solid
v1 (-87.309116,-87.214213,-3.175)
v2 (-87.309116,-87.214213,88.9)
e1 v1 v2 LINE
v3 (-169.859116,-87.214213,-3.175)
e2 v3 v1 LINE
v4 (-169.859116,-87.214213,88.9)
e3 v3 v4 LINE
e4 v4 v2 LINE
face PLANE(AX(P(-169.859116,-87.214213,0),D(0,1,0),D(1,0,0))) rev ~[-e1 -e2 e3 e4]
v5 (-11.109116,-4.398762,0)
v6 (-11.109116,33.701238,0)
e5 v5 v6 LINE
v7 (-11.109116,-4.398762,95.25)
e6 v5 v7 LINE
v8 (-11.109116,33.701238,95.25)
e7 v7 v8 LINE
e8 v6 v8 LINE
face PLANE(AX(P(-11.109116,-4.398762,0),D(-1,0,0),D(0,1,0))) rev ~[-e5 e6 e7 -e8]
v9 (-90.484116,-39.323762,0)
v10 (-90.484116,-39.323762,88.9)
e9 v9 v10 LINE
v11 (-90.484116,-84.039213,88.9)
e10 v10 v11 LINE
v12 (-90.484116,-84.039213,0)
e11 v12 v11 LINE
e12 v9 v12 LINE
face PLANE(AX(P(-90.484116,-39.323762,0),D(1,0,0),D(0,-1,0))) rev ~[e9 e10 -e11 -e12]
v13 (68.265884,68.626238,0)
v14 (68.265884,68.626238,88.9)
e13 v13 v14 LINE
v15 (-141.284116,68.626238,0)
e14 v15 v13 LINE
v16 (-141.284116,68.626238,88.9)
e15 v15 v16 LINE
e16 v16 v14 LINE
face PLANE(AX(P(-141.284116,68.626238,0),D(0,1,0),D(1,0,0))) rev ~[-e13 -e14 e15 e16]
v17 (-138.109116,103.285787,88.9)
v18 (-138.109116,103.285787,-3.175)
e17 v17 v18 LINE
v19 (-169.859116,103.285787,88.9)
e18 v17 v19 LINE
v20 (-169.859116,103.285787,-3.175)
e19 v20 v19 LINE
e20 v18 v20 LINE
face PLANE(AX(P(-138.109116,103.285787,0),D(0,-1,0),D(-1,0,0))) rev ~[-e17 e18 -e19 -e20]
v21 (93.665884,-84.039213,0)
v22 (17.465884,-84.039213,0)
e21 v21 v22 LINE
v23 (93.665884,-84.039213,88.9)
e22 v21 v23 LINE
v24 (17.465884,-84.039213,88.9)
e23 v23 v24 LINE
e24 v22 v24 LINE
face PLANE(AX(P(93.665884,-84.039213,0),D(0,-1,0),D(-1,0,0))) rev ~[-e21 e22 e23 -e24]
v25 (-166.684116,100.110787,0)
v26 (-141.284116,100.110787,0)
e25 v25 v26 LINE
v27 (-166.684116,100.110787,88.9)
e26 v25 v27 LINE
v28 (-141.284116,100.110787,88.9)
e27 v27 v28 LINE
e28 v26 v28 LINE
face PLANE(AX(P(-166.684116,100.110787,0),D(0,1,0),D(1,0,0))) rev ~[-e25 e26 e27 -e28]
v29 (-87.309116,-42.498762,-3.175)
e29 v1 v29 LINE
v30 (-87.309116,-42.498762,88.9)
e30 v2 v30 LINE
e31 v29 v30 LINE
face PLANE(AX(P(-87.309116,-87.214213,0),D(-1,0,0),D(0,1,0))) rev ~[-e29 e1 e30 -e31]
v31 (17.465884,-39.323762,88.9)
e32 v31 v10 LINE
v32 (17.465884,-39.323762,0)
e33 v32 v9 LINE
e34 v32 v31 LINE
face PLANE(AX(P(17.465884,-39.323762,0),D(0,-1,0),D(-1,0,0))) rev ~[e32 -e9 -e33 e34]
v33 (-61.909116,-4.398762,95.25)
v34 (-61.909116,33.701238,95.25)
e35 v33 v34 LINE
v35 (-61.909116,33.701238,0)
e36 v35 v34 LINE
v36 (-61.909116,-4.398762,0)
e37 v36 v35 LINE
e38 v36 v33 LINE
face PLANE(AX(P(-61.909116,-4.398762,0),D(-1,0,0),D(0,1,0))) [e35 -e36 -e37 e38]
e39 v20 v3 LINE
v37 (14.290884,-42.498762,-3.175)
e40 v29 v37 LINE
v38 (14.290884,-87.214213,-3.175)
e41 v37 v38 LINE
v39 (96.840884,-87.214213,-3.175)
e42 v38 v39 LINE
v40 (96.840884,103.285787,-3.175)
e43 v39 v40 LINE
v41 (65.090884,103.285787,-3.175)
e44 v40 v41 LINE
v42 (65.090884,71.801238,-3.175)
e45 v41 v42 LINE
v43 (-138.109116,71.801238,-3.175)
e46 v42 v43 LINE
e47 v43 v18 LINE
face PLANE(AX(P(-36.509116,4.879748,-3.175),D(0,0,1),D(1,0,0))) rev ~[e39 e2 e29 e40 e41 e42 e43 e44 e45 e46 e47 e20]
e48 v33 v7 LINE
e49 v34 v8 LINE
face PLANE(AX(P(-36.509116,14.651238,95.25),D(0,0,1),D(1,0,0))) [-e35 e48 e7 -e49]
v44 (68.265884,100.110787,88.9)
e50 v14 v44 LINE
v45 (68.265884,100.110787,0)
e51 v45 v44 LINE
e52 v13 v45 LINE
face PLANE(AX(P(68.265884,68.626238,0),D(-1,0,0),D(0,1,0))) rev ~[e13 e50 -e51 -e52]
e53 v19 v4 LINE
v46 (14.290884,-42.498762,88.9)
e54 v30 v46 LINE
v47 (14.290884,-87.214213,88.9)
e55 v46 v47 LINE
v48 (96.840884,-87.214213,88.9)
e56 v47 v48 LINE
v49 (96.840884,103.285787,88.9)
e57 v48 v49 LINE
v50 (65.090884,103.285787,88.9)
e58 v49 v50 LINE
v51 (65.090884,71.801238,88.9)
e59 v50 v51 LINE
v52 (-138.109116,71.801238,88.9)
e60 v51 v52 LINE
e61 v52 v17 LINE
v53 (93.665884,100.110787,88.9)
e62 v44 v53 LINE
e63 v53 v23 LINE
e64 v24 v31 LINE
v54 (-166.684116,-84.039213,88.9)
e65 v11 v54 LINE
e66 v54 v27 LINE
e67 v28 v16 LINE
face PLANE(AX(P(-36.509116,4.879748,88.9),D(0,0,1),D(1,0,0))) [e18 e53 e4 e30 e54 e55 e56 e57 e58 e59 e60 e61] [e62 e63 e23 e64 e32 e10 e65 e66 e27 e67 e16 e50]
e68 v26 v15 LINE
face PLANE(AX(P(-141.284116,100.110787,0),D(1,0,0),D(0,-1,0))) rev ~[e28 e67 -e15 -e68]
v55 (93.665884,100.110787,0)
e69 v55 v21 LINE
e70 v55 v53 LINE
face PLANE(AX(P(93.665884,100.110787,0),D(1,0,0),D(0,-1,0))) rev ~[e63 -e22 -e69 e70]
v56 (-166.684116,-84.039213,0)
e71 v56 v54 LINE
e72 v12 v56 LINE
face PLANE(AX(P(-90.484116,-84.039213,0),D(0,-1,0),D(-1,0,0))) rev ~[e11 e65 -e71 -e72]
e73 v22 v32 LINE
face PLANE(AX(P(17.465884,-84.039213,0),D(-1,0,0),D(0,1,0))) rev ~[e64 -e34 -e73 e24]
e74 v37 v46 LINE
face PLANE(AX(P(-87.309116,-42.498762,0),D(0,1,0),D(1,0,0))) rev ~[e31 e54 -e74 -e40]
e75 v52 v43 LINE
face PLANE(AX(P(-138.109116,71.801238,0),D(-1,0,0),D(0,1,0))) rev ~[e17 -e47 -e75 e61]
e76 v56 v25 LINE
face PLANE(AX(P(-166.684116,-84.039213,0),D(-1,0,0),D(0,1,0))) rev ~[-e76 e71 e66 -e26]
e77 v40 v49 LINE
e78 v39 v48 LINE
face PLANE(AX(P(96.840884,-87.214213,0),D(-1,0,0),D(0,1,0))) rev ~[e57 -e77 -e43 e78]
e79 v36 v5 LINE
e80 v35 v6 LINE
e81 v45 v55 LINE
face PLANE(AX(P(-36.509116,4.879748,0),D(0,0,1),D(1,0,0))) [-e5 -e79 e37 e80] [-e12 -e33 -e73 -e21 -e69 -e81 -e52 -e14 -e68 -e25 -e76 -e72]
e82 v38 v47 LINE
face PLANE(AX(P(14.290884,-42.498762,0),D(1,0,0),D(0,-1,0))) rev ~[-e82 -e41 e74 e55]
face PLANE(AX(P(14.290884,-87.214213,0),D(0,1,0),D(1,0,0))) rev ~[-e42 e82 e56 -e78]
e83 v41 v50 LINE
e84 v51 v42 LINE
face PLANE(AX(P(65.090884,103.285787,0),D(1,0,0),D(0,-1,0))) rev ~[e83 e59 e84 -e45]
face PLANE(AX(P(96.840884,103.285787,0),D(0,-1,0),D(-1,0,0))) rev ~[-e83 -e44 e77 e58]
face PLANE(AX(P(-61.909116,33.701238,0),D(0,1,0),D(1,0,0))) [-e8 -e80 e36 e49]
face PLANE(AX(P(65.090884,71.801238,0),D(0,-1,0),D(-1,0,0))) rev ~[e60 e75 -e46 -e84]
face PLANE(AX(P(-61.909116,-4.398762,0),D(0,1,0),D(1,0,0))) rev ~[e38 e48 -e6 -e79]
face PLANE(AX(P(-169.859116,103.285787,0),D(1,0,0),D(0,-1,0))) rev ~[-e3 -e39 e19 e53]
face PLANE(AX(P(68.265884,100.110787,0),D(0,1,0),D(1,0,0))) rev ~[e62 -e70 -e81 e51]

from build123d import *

# Parameters (mm, degrees)
F1_DEPTH = 3.175
F3_DEPTH = 88.9
F4_W     = 50.8
F4_H     = 38.1
F5_DEPTH = 95.25


with BuildPart() as f1:
    # F0 (on Top) → F1 (new body)
    with BuildSketch(Plane.XY):
        Polygon((-138.109116, 103.285787), (-169.859116, 103.285787), (-169.859116, -87.214213), (-87.309116, -87.214213), (-87.309116, -42.498762), (14.290884, -42.498762), (14.290884, -87.214213), (96.840884, -87.214213), (96.840884, 103.285787), (65.090884, 103.285787), (65.090884, 71.801238), (-138.109116, 71.801238), align=None)
    extrude(amount=-F1_DEPTH)

    # F2 (on face) → F3 (join)
    with BuildSketch(Plane.XY):
        Polygon((-138.109116, 103.285787), (-169.859116, 103.285787), (-169.859116, -87.214213), (-87.309116, -87.214213), (-87.309116, -42.498762), (14.290884, -42.498762), (14.290884, -87.214213), (96.840884, -87.214213), (96.840884, 103.285787), (65.090884, 103.285787), (65.090884, 71.801238), (-138.109116, 71.801238), align=None)
        Polygon((-166.684116, -84.039213), (-166.684116, 100.110787), (-141.284116, 100.110787), (-141.284116, 68.626238), (68.265884, 68.626238), (68.265884, 100.110787), (93.665884, 100.110787), (93.665884, -84.039213), (40.343958, -84.039213), (17.465884, -84.039213), (17.465884, -39.323762), (-90.484116, -39.323762), (-90.484116, -84.039213), (-116.960541, -84.039213), align=None, mode=Mode.SUBTRACT)
    extrude(amount=F3_DEPTH)

    # F4 (on face) → F5 (join)
    with BuildSketch(Plane.XY):
        with Locations((-36.509116, 14.651238)):
            Rectangle(F4_W, F4_H)
    extrude(amount=F5_DEPTH)


solid = f1.part
